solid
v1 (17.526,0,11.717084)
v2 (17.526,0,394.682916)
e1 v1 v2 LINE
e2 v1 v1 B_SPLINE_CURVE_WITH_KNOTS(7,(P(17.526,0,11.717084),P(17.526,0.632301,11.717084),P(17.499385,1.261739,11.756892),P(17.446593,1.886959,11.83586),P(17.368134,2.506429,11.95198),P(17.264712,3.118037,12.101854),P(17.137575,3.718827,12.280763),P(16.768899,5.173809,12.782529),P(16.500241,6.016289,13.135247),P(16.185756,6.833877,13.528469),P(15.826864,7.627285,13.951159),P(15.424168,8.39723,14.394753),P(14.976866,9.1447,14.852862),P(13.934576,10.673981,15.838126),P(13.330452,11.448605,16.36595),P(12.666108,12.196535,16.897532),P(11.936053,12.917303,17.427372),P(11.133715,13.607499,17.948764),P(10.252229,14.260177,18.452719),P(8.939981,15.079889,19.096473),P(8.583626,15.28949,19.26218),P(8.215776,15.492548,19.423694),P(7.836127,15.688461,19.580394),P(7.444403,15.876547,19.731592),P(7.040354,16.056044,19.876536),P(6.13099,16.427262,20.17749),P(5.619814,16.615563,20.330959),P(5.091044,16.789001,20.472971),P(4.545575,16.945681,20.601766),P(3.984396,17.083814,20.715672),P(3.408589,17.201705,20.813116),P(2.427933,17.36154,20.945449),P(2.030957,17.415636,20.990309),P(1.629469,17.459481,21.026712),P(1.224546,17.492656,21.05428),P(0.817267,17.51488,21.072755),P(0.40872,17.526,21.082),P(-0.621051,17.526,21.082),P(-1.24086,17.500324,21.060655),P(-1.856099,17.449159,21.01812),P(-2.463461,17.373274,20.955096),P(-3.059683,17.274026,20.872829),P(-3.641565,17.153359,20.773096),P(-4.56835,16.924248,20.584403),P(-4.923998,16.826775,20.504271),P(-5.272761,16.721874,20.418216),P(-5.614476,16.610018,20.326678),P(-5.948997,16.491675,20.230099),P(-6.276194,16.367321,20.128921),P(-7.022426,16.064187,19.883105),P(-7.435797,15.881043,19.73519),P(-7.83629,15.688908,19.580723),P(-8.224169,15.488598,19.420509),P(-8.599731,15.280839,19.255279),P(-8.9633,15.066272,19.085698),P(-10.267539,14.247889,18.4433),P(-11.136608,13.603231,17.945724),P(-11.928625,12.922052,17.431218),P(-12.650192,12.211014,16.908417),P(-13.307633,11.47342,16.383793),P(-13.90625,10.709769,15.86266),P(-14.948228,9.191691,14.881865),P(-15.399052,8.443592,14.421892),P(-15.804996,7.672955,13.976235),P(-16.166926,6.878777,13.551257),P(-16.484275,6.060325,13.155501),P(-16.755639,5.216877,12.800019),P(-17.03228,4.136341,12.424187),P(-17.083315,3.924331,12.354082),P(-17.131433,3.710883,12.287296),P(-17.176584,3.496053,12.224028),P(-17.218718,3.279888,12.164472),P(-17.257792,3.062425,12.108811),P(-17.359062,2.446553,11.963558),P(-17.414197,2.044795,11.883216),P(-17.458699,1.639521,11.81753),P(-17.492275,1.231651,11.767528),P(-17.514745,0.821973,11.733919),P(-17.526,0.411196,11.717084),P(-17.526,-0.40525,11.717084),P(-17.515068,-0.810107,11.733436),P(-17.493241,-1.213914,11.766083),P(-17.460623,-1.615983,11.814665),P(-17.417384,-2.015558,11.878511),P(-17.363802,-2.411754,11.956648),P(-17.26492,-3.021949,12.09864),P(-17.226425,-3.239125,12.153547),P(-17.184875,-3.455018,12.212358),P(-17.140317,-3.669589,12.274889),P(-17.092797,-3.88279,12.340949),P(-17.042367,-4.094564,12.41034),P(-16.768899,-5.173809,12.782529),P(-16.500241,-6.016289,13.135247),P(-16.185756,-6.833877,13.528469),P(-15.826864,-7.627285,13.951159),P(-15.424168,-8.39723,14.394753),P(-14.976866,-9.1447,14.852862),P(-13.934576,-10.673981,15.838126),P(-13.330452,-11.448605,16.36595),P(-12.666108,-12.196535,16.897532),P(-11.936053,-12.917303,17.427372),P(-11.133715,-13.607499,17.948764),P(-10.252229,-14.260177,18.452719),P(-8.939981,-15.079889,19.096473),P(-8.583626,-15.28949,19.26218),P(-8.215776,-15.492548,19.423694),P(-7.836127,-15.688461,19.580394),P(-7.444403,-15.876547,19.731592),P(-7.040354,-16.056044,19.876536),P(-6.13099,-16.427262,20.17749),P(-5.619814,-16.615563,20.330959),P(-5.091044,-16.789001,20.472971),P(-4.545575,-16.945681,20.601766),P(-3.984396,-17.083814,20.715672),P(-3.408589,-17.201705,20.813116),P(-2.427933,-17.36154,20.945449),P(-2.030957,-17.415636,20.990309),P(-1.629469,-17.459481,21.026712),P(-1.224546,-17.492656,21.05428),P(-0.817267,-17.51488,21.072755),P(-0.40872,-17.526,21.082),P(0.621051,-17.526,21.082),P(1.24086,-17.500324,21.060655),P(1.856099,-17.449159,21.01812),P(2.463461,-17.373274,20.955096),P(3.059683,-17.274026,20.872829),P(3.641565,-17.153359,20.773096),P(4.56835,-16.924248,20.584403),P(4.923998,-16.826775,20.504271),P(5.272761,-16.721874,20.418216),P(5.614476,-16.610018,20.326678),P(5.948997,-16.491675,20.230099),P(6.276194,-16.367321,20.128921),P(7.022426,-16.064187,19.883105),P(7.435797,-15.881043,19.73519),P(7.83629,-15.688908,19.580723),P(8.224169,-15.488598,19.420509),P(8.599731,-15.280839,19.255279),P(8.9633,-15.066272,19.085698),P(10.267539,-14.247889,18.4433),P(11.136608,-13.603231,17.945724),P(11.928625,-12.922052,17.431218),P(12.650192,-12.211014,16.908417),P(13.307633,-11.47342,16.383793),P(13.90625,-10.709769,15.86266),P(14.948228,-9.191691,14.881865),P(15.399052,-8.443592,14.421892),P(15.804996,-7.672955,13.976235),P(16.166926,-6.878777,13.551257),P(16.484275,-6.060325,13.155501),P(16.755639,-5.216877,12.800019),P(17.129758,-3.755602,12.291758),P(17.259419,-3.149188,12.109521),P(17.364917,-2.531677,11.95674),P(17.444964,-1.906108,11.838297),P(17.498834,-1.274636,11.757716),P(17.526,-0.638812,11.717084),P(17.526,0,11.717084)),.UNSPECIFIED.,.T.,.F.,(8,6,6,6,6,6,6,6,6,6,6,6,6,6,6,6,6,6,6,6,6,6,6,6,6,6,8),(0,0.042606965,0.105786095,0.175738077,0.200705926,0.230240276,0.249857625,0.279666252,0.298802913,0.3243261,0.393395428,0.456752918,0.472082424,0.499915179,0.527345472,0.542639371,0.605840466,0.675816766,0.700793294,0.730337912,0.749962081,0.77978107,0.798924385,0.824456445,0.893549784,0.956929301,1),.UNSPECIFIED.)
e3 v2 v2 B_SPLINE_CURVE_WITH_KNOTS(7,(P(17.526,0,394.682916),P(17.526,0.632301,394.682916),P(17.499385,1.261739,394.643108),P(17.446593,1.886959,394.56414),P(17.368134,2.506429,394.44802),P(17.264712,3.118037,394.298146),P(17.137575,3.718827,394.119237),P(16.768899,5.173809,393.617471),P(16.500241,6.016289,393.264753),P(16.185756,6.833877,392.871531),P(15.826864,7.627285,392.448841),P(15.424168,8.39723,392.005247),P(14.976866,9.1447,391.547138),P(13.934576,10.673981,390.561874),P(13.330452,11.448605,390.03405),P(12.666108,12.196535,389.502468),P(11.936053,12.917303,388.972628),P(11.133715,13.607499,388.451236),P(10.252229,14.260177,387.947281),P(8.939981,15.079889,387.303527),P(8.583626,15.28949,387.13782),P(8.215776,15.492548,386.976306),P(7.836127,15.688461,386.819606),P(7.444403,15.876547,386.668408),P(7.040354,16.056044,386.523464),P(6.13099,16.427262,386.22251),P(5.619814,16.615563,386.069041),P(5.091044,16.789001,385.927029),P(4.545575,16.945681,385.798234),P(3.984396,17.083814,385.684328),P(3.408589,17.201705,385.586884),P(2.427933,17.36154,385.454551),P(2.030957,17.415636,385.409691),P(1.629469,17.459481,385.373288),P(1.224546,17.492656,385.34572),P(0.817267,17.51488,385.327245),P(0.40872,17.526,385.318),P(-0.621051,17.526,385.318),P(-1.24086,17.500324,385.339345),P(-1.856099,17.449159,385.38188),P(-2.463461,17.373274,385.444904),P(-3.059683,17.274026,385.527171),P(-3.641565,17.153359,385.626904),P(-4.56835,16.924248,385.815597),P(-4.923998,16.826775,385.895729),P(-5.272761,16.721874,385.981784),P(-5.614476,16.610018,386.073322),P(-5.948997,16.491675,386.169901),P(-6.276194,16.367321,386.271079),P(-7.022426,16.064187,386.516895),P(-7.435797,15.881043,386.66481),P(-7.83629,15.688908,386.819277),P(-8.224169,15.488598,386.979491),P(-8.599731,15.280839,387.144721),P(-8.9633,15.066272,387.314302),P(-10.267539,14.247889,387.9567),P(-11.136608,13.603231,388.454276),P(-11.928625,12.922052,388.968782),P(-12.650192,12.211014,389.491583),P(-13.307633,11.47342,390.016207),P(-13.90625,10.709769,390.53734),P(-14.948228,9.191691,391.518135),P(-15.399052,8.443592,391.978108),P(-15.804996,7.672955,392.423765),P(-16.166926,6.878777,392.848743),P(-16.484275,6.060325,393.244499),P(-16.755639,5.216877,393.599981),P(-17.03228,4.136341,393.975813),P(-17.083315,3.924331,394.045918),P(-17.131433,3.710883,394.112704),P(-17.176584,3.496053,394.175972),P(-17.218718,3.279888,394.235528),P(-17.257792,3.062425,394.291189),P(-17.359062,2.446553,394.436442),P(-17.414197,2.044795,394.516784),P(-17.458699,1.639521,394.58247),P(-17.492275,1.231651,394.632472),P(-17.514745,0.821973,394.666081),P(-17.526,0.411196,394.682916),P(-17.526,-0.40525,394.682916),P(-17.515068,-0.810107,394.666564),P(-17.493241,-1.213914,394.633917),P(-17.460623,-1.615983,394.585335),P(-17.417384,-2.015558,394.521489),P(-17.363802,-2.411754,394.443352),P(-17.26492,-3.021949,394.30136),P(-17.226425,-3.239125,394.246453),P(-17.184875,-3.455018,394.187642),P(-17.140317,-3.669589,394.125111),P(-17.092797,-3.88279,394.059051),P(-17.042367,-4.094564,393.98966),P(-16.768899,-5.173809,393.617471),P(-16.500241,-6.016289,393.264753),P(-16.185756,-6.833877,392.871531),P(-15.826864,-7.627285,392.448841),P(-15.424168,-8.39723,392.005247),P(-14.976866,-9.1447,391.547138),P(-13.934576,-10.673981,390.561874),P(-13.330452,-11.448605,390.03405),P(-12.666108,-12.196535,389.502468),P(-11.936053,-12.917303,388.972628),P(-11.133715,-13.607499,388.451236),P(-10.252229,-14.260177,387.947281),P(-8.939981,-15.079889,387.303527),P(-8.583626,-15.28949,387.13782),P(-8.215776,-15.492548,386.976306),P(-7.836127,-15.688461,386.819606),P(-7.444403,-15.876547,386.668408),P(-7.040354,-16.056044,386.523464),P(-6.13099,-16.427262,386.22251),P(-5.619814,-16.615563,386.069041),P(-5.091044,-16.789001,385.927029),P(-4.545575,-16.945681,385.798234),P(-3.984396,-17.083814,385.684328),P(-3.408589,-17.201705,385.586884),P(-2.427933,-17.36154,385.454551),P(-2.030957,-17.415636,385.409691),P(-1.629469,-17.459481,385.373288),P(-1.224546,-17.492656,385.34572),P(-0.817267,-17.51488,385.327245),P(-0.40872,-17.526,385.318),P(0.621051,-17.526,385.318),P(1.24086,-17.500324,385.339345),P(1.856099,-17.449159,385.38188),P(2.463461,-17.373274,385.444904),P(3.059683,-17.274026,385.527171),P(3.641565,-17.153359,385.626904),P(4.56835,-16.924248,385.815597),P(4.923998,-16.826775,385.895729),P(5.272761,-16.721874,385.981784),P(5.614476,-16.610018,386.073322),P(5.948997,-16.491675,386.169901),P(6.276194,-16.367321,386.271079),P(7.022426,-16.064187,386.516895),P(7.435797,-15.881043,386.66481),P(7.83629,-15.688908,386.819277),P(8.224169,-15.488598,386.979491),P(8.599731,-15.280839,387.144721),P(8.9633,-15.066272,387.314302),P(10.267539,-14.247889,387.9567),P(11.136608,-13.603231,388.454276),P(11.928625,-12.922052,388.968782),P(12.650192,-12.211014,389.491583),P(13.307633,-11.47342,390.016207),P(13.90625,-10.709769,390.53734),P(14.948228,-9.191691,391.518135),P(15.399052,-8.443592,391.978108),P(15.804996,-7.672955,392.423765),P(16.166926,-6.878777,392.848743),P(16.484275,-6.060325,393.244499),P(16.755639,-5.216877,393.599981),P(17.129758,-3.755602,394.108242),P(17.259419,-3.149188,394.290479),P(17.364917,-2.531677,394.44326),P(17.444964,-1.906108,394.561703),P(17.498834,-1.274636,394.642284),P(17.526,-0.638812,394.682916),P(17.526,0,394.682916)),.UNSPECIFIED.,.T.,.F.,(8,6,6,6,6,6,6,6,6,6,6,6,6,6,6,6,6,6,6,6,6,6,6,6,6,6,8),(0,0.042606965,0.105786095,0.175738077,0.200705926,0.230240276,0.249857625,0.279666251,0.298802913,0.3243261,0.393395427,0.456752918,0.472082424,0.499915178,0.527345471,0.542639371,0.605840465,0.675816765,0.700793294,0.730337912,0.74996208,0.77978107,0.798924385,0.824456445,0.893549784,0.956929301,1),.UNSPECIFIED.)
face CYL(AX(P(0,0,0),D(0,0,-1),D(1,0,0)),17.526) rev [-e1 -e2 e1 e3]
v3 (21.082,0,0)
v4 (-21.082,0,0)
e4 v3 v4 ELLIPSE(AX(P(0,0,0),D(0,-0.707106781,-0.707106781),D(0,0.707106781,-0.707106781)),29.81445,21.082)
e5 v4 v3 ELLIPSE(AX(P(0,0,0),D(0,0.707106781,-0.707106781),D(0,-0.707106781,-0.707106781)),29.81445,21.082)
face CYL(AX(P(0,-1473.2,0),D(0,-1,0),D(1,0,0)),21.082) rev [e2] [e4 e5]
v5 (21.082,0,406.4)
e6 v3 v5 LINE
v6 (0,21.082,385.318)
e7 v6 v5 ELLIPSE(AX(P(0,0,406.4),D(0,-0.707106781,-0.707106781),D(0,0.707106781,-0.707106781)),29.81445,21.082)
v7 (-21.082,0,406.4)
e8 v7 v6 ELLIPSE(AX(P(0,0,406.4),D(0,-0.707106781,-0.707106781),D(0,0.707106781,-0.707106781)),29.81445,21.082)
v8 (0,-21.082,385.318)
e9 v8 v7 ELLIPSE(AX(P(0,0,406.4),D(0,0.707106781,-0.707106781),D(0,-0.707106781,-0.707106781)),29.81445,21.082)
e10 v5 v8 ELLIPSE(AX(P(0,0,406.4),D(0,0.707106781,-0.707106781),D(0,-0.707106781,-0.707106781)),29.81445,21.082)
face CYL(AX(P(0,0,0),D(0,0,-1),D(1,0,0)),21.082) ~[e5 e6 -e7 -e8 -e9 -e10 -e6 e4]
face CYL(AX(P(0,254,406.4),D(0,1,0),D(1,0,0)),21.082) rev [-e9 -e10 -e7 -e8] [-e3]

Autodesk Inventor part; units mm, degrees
ref_plane "Start plane" through (0, 0, 0) normal (0, 0, 1) x (1, 0, 0)
ref_plane "End plane" through (0, 0, 406.4) normal (0, 0, 1) x (1, 0, 0)
sketch "Sketch" plane through (0, 0, 0) normal (0, 0, 1) x (1, 0, 0)
  circle A0 centre (0, 0) radius 17.526
  circle A1 centre (0, 0) radius 21.082
  dimension "d0" = 42.164
  dimension "d1" = 3.556
extrude "Body" add sketch "Sketch" along normal up to surface (406.4 mm away) from surface at 0
sketch "Sketch3" plane through (0, 0, 0) normal (0, 0, 1) x (1, 0, 0)
  line L0 (0, 0) -> (10, 0)
ref_plane "Work Plane3" through (0, 0, 0) normal (0, -1, 0) x (1, 0, 0)
sketch "Sketch4" plane through (0, 0, 0) normal (0, -1, 0) x (1, 0, 0)
  line L0 (-2, 0) -> (12, 0)
  line L1 (-2, 406.4) -> (12, 406.4)
  dimension "d7" = 406.4
ref_plane "Work Plane4" through (0, 254, 406.4) normal (0, -1, 0) x (1, 0, 0)
ref_plane "Work Plane5" through (0, -1473.2, 406.4) normal (0, -1, 0) x (1, 0, 0)
ref_plane "Work Plane6" through (0, -609.6, 406.4) normal (0, -1, 0) x (1, 0, 0)
sketch "Sketch5" plane through (0, -609.6, 406.4) normal (0, -1, 0) x (1, 0, 0)
  circle A0 centre (0, 0) radius 21.082
  circle A1 centre (0, 0) radius 17.526
extrude "Extrusion2" cut sketch "Sketch5" along normal up to surface (1727.2 mm away) from surface at -863.6 contours A0 | A1
ref_plane "Work Plane7" through (0, -1473.2, 0) normal (0, 1, 0) x (1, 0, 0)
ref_plane "Work Plane8" through (0, 254, 0) normal (0, 1, 0) x (1, 0, 0)
ref_plane "Work Plane9" through (0, -609.6, 0) normal (0, 1, 0) x (1, 0, 0)
sketch "Sketch6" plane through (0, -609.6, 0) normal (0, 1, 0) x (1, 0, 0)
  circle A0 centre (0, 0) radius 21.082
  circle A1 centre (0, 0) radius 17.526
extrude "Extrusion3" cut sketch "Sketch6" along normal up to surface (1727.2 mm away) from surface at -863.6 contours A0 | A1
equation "\"d0\" = G_H"
equation "\"d1\" = G_T"
equation "\"d2\" = G_L"
equation "\"G_H\" = 42.164"
equation "\"G_T\" = 3.556"
equation "\"G_L\" = d7"
equation "\"G_OFFSET_START\" = 0"
equation "\"G_OFFSET_END\" = 0"
equation "\"d5\" = G_OFFSET_END + B_L"
equation "\"B_L\" = 406.4"
properties part number "ANSI - 1 1/4 x 0.140 - 16" material "Aluminum 6061"
